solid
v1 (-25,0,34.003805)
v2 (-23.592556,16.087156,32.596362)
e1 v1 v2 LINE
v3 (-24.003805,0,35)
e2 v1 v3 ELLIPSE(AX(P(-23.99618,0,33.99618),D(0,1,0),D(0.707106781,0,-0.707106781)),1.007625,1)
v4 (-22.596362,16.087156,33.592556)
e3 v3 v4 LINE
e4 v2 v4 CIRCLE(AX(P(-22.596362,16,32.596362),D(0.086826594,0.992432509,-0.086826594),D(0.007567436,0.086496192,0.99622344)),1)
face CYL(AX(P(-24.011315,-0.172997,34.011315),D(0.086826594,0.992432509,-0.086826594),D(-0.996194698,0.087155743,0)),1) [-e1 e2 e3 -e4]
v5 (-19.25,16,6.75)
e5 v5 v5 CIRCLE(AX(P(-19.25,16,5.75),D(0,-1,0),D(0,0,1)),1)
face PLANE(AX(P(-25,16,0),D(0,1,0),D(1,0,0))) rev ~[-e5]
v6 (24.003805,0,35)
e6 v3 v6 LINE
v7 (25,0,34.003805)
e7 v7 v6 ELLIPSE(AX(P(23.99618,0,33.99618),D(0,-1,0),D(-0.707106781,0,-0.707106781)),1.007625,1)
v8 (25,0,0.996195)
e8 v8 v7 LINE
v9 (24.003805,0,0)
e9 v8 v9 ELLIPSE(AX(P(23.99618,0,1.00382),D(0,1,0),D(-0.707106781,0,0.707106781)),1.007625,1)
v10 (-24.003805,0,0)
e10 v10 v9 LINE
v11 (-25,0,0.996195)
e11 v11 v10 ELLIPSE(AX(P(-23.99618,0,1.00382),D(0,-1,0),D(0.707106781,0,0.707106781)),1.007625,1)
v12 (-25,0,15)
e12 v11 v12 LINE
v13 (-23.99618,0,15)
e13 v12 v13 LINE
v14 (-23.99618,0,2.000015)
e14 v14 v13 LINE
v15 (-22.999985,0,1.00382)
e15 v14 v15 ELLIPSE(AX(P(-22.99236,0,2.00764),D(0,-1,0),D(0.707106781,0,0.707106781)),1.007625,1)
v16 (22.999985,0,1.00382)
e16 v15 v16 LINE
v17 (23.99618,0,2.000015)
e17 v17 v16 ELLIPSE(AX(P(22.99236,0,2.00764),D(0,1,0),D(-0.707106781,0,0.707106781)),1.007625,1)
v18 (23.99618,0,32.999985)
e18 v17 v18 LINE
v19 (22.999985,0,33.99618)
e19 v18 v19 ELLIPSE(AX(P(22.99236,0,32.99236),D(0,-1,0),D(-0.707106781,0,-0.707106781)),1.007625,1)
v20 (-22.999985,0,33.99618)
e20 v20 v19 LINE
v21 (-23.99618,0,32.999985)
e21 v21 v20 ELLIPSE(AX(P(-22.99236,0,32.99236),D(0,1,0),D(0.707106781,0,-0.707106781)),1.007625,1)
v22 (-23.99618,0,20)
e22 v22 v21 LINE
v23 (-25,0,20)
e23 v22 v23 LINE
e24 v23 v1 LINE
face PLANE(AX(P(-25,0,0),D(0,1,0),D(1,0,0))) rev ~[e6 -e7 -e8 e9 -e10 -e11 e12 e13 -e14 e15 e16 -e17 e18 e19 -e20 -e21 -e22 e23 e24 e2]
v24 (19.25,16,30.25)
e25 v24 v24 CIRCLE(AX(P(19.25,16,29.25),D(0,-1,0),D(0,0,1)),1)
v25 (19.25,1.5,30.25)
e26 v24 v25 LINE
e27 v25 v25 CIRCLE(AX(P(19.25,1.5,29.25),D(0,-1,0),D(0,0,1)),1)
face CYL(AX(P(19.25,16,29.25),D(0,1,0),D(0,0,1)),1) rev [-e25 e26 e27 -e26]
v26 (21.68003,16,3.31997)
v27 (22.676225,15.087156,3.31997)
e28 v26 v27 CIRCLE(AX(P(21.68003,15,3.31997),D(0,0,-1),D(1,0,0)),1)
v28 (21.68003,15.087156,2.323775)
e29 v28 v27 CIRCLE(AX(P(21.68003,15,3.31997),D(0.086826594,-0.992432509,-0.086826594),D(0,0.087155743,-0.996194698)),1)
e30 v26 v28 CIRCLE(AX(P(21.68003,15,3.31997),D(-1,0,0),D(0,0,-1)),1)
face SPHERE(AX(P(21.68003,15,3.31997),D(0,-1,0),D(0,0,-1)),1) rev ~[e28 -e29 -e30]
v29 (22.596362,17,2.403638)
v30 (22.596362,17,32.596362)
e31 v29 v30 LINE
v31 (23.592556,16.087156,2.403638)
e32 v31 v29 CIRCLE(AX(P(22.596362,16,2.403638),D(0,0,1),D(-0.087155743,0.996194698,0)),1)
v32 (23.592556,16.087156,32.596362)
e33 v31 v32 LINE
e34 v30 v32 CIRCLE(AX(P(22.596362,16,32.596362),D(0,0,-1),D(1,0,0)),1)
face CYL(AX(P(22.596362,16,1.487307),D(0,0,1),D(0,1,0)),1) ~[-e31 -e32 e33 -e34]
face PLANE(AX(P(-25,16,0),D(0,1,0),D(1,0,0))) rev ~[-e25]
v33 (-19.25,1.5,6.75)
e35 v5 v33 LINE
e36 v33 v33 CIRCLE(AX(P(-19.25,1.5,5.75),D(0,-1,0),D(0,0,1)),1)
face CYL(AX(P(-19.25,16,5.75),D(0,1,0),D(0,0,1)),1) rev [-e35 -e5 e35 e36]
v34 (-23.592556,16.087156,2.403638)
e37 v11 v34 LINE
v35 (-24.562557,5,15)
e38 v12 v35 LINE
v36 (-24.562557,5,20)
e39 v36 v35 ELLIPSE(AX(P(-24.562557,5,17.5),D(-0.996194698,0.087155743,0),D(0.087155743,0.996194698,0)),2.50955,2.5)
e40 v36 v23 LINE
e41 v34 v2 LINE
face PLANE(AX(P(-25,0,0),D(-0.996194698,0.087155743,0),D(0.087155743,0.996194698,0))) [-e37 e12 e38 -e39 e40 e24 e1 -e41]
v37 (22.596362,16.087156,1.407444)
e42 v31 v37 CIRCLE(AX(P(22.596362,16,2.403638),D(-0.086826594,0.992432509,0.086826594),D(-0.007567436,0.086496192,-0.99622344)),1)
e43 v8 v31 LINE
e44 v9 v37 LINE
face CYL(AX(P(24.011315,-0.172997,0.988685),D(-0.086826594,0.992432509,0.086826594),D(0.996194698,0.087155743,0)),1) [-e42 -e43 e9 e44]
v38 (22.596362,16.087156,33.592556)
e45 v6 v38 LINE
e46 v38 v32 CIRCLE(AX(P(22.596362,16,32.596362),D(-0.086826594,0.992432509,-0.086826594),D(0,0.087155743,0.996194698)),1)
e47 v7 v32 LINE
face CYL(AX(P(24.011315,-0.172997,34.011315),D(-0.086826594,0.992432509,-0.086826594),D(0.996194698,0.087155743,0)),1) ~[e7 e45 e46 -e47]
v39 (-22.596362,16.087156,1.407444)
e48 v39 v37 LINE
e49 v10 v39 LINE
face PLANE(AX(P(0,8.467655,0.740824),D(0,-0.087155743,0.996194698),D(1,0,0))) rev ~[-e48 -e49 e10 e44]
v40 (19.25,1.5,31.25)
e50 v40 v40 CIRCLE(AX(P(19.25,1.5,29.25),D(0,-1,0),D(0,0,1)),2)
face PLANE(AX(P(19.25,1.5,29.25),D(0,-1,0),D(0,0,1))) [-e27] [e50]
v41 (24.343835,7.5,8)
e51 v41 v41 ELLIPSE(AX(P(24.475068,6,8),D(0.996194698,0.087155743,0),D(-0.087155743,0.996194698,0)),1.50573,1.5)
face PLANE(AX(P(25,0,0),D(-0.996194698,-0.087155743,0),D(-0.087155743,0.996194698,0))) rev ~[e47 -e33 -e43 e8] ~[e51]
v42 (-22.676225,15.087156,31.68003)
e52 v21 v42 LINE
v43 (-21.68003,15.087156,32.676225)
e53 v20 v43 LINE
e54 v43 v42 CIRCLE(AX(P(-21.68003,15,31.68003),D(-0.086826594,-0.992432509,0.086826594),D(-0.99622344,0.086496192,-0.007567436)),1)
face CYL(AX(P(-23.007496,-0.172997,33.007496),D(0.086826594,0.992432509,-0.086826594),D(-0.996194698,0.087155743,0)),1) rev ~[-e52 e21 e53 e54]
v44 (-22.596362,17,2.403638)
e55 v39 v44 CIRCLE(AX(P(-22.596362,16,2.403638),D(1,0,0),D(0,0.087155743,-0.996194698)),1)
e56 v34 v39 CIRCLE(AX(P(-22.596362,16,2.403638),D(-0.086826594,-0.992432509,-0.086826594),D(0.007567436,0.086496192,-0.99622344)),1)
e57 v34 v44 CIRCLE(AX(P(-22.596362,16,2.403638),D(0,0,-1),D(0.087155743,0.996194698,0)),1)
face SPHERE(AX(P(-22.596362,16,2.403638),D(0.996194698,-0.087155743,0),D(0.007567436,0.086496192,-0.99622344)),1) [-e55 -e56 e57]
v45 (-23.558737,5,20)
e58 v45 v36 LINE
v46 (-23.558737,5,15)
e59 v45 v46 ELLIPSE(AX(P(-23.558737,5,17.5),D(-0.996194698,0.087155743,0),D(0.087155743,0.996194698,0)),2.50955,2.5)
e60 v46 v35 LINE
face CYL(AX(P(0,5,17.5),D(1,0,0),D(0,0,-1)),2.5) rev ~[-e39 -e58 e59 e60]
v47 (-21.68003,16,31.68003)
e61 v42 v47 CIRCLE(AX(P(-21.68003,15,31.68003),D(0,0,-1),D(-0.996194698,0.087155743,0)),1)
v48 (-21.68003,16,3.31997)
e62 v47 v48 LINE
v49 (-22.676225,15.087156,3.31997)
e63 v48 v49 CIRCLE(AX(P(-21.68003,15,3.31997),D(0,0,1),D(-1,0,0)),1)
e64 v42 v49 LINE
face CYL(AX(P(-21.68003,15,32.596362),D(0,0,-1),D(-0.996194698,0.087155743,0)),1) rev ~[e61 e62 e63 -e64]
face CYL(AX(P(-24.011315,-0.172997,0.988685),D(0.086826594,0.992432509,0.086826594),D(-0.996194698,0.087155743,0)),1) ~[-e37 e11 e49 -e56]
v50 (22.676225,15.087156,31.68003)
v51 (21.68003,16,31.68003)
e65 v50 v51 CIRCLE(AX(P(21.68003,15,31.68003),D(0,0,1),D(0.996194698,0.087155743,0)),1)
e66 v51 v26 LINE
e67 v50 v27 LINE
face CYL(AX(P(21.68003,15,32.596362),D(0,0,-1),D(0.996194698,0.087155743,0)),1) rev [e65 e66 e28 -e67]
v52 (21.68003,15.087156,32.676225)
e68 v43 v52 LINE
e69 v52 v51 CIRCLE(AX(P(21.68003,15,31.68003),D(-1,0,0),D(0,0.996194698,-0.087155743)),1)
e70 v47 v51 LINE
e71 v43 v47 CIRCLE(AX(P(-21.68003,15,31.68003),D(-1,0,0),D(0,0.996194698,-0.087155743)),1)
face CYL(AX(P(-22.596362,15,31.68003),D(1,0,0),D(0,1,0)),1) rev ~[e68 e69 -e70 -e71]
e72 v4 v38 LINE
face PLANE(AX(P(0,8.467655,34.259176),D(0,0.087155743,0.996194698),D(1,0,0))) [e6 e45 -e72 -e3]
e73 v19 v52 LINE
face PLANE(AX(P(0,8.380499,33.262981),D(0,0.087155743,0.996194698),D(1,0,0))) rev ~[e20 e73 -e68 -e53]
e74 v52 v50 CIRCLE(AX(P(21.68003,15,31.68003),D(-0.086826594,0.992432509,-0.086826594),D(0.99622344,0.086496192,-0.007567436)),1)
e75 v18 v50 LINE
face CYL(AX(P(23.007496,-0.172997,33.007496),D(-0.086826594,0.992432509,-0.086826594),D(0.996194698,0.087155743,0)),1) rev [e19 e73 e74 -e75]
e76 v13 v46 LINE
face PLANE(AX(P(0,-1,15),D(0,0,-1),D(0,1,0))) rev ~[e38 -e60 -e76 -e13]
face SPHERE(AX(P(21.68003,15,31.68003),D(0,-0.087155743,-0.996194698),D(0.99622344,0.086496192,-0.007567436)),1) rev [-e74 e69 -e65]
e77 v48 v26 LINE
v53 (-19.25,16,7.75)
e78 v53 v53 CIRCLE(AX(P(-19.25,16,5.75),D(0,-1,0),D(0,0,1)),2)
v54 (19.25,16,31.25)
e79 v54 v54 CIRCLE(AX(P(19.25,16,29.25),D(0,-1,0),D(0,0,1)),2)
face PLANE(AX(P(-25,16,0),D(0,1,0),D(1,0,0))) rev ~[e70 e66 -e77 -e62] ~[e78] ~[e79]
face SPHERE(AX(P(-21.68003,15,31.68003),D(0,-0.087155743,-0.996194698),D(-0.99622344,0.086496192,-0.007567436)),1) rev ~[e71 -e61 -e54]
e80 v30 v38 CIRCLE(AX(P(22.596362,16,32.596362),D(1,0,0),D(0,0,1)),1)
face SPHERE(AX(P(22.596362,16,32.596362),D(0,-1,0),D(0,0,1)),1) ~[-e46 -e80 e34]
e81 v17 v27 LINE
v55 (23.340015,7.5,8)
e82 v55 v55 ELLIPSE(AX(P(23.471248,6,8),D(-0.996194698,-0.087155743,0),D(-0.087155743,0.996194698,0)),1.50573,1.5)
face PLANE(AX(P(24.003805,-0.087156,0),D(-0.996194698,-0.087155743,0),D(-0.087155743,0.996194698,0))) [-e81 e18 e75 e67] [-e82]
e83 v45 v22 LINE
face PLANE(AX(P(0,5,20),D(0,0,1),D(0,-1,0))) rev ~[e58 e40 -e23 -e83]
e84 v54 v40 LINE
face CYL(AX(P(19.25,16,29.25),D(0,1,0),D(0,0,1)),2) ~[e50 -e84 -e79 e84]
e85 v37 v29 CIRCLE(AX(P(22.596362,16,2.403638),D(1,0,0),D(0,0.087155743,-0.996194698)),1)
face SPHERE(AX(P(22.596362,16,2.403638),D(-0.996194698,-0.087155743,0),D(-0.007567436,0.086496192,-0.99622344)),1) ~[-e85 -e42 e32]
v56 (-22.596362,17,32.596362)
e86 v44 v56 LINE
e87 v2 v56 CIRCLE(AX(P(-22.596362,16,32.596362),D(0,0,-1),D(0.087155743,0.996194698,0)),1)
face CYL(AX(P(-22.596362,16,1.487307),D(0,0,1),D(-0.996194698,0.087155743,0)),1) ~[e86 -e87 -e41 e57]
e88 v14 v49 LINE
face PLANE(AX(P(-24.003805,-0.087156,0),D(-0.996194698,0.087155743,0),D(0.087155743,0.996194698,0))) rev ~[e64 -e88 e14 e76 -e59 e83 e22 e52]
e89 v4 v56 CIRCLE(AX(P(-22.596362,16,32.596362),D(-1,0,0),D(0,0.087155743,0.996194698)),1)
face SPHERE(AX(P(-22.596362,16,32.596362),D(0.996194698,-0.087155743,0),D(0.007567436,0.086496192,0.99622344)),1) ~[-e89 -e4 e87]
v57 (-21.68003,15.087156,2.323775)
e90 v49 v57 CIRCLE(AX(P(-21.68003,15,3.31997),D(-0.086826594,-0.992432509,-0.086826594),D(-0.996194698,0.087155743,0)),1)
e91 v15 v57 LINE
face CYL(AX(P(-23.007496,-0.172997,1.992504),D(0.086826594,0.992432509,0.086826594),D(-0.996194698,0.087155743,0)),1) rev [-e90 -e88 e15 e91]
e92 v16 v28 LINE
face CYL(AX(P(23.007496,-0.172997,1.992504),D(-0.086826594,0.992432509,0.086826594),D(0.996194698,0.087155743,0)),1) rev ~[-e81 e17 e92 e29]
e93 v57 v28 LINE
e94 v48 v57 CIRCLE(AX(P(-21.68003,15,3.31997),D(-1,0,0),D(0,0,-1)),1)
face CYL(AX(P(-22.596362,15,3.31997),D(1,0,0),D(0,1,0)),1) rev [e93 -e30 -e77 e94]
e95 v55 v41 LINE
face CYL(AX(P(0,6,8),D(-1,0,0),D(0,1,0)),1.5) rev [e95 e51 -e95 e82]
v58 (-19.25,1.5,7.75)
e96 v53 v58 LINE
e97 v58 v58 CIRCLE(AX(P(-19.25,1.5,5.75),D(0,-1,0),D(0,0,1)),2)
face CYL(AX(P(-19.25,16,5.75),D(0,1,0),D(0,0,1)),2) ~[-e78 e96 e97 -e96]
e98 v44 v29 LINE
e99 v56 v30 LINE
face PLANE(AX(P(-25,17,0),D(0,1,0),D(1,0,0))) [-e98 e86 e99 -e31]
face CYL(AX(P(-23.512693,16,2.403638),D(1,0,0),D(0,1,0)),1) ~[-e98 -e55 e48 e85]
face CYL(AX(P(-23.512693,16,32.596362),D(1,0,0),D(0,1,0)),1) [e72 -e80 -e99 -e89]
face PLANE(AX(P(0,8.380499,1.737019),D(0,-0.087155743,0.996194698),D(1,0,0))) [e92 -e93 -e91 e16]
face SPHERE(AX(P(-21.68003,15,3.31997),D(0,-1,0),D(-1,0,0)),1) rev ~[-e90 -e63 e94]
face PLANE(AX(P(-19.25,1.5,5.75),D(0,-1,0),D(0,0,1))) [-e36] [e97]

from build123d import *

# Parameters (mm, degrees)
ESQUISSE1_W             = 50
ESQUISSE1_H             = 17
BOSS_EXTRU_1_DEPTH      = 35
D_POUILLE2_ANGLE        = -5
COQUE2_T                = -1
CONG_1_R                = 1
ESQUISSE2_R             = 2
ESQUISSE2_R_2           = 1
BOSS_EXTRU_2_DEPTH      = 14.5
ENL_V_MAT_EXTRU_1_REACH = 48.249
ENL_V_MAT_EXTRU_2_REACH = 48.249
ESQUISSE4_R             = 1.5


with BuildPart() as part:
    # Esquisse1 → Boss.-Extru.1 (new body)
    with BuildSketch(Plane.XY):
        with Locations((0, 8.5)):
            Rectangle(ESQUISSE1_W, ESQUISSE1_H)
    extrude(amount=BOSS_EXTRU_1_DEPTH)

    # Dépouille2
    d_pouille2_faces = [part.faces().sort_by_distance(p)[0] for p in [
        (0, 8.5, 0),
        (25, 8.5, 17.5),
        (-25, 8.5, 17.5),
        (0, 8.5, 35),
    ]]
    draft(d_pouille2_faces, Plane(origin=(-25, 0, 35), x_dir=(-1, 0, 0), z_dir=(0, -1, 0)), D_POUILLE2_ANGLE)

    # Coque2
    coque2_openings = [part.faces().sort_by_distance(p)[0] for p in [
        (0, 0, 17.5),
    ]]
    offset(amount=COQUE2_T, openings=coque2_openings, kind=Kind.INTERSECTION)

    # Congé1
    cong_1_edges = [part.edges().sort_by_distance(p)[0] for p in [
        (24.25634636, 8.5, 34.25634636),
        (0, 17, 33.51269272),
        (-23.296270854, 8, 1.703729146),
        (-22.596361546, 16, 17.5),
        (23.296270854, 8, 1.703729146),
        (0, 16, 2.403638454),
        (22.596361546, 16, 17.5),
        (-23.296270854, 8, 33.296270854),
        (23.296270854, 8, 33.296270854),
        (0, 16, 32.596361546),
        (-24.25634636, 8.5, 34.25634636),
        (0, 17, 1.48730728),
        (24.25634636, 8.5, 0.74365364),
        (-24.25634636, 8.5, 0.74365364),
        (-23.51269272, 17, 17.5),
        (23.51269272, 17, 17.5),
    ]]
    fillet(cong_1_edges, radius=CONG_1_R)

    # Esquisse2 → Boss.-Extru.2 (add)
    # profile 1 of 2: a face of its own
    with BuildSketch(Plane(origin=(0, 16, 0), x_dir=(-1, 0, 0), z_dir=(0, -1, 0))):
        with Locations(Location((-19.25, -29.25, 0), (0, 0, 270))):
            Circle(ESQUISSE2_R)
        with Locations(Location((-19.25, -29.25, 0), (0, 0, 270))):
            Circle(ESQUISSE2_R_2, mode=Mode.SUBTRACT)
    # profile 2 of 2: a face of its own
    with BuildSketch(Plane(origin=(0, 16, 0), x_dir=(-1, 0, 0), z_dir=(0, -1, 0))):
        with Locations(Location((19.25, -5.75, 0), (0, 0, 270))):
            Circle(ESQUISSE2_R)
        with Locations(Location((19.25, -5.75, 0), (0, 0, 270))):
            Circle(ESQUISSE2_R_2, mode=Mode.SUBTRACT)
    extrude(amount=BOSS_EXTRU_2_DEPTH)

    # Esquisse3 → Enlèv. mat.-Extru.1 (cut, up to next)
    with BuildSketch(Plane(origin=(0, 0, 0), x_dir=(0, 0, -1), z_dir=(1, 0, 0)), mode=Mode.PRIVATE) as enl_v_mat_extru_1_sk1:
        with BuildLine():
            Line((-20, 5), (-20, -1))
            Line((-20, -1), (-15, -1))
            Line((-15, -1), (-15, 5))
            ThreePointArc((-15, 5), (-17.5, 7.5), (-20, 5))
        make_face()
    enl_v_mat_extru_1_tool1 = extrude(enl_v_mat_extru_1_sk1.sketch, amount=-ENL_V_MAT_EXTRU_1_REACH, mode=Mode.PRIVATE) & part.part
    add(enl_v_mat_extru_1_tool1.solids().sort_by_distance((0, 3.001296, 17.5))[0], mode=Mode.SUBTRACT)

    # Enlèv. mat.-Extru.2: up to this plane
    enl_v_mat_extru_2_end = Plane(origin=(25, 0, 35), z_dir=(0.9961946980917455, 0.08715574274765836, 0))
    # Esquisse4 → Enlèv. mat.-Extru.2 (cut, up to the surface)
    with BuildSketch(Plane(origin=(0, 0, 0), x_dir=(0, 0, -1), z_dir=(1, 0, 0)), mode=Mode.PRIVATE) as enl_v_mat_extru_2_sk1:
        with Locations(Location((-8, 6, 0), (0, 0, 90))):
            Circle(ESQUISSE4_R)
    enl_v_mat_extru_2_tool1 = split(extrude(enl_v_mat_extru_2_sk1.sketch, amount=ENL_V_MAT_EXTRU_2_REACH, mode=Mode.PRIVATE), bisect_by=enl_v_mat_extru_2_end, keep=Keep.BOTH, mode=Mode.PRIVATE)
    add(enl_v_mat_extru_2_tool1.solids().sort_by_distance((0, 6, 8))[0], mode=Mode.SUBTRACT)


solid = part.part
